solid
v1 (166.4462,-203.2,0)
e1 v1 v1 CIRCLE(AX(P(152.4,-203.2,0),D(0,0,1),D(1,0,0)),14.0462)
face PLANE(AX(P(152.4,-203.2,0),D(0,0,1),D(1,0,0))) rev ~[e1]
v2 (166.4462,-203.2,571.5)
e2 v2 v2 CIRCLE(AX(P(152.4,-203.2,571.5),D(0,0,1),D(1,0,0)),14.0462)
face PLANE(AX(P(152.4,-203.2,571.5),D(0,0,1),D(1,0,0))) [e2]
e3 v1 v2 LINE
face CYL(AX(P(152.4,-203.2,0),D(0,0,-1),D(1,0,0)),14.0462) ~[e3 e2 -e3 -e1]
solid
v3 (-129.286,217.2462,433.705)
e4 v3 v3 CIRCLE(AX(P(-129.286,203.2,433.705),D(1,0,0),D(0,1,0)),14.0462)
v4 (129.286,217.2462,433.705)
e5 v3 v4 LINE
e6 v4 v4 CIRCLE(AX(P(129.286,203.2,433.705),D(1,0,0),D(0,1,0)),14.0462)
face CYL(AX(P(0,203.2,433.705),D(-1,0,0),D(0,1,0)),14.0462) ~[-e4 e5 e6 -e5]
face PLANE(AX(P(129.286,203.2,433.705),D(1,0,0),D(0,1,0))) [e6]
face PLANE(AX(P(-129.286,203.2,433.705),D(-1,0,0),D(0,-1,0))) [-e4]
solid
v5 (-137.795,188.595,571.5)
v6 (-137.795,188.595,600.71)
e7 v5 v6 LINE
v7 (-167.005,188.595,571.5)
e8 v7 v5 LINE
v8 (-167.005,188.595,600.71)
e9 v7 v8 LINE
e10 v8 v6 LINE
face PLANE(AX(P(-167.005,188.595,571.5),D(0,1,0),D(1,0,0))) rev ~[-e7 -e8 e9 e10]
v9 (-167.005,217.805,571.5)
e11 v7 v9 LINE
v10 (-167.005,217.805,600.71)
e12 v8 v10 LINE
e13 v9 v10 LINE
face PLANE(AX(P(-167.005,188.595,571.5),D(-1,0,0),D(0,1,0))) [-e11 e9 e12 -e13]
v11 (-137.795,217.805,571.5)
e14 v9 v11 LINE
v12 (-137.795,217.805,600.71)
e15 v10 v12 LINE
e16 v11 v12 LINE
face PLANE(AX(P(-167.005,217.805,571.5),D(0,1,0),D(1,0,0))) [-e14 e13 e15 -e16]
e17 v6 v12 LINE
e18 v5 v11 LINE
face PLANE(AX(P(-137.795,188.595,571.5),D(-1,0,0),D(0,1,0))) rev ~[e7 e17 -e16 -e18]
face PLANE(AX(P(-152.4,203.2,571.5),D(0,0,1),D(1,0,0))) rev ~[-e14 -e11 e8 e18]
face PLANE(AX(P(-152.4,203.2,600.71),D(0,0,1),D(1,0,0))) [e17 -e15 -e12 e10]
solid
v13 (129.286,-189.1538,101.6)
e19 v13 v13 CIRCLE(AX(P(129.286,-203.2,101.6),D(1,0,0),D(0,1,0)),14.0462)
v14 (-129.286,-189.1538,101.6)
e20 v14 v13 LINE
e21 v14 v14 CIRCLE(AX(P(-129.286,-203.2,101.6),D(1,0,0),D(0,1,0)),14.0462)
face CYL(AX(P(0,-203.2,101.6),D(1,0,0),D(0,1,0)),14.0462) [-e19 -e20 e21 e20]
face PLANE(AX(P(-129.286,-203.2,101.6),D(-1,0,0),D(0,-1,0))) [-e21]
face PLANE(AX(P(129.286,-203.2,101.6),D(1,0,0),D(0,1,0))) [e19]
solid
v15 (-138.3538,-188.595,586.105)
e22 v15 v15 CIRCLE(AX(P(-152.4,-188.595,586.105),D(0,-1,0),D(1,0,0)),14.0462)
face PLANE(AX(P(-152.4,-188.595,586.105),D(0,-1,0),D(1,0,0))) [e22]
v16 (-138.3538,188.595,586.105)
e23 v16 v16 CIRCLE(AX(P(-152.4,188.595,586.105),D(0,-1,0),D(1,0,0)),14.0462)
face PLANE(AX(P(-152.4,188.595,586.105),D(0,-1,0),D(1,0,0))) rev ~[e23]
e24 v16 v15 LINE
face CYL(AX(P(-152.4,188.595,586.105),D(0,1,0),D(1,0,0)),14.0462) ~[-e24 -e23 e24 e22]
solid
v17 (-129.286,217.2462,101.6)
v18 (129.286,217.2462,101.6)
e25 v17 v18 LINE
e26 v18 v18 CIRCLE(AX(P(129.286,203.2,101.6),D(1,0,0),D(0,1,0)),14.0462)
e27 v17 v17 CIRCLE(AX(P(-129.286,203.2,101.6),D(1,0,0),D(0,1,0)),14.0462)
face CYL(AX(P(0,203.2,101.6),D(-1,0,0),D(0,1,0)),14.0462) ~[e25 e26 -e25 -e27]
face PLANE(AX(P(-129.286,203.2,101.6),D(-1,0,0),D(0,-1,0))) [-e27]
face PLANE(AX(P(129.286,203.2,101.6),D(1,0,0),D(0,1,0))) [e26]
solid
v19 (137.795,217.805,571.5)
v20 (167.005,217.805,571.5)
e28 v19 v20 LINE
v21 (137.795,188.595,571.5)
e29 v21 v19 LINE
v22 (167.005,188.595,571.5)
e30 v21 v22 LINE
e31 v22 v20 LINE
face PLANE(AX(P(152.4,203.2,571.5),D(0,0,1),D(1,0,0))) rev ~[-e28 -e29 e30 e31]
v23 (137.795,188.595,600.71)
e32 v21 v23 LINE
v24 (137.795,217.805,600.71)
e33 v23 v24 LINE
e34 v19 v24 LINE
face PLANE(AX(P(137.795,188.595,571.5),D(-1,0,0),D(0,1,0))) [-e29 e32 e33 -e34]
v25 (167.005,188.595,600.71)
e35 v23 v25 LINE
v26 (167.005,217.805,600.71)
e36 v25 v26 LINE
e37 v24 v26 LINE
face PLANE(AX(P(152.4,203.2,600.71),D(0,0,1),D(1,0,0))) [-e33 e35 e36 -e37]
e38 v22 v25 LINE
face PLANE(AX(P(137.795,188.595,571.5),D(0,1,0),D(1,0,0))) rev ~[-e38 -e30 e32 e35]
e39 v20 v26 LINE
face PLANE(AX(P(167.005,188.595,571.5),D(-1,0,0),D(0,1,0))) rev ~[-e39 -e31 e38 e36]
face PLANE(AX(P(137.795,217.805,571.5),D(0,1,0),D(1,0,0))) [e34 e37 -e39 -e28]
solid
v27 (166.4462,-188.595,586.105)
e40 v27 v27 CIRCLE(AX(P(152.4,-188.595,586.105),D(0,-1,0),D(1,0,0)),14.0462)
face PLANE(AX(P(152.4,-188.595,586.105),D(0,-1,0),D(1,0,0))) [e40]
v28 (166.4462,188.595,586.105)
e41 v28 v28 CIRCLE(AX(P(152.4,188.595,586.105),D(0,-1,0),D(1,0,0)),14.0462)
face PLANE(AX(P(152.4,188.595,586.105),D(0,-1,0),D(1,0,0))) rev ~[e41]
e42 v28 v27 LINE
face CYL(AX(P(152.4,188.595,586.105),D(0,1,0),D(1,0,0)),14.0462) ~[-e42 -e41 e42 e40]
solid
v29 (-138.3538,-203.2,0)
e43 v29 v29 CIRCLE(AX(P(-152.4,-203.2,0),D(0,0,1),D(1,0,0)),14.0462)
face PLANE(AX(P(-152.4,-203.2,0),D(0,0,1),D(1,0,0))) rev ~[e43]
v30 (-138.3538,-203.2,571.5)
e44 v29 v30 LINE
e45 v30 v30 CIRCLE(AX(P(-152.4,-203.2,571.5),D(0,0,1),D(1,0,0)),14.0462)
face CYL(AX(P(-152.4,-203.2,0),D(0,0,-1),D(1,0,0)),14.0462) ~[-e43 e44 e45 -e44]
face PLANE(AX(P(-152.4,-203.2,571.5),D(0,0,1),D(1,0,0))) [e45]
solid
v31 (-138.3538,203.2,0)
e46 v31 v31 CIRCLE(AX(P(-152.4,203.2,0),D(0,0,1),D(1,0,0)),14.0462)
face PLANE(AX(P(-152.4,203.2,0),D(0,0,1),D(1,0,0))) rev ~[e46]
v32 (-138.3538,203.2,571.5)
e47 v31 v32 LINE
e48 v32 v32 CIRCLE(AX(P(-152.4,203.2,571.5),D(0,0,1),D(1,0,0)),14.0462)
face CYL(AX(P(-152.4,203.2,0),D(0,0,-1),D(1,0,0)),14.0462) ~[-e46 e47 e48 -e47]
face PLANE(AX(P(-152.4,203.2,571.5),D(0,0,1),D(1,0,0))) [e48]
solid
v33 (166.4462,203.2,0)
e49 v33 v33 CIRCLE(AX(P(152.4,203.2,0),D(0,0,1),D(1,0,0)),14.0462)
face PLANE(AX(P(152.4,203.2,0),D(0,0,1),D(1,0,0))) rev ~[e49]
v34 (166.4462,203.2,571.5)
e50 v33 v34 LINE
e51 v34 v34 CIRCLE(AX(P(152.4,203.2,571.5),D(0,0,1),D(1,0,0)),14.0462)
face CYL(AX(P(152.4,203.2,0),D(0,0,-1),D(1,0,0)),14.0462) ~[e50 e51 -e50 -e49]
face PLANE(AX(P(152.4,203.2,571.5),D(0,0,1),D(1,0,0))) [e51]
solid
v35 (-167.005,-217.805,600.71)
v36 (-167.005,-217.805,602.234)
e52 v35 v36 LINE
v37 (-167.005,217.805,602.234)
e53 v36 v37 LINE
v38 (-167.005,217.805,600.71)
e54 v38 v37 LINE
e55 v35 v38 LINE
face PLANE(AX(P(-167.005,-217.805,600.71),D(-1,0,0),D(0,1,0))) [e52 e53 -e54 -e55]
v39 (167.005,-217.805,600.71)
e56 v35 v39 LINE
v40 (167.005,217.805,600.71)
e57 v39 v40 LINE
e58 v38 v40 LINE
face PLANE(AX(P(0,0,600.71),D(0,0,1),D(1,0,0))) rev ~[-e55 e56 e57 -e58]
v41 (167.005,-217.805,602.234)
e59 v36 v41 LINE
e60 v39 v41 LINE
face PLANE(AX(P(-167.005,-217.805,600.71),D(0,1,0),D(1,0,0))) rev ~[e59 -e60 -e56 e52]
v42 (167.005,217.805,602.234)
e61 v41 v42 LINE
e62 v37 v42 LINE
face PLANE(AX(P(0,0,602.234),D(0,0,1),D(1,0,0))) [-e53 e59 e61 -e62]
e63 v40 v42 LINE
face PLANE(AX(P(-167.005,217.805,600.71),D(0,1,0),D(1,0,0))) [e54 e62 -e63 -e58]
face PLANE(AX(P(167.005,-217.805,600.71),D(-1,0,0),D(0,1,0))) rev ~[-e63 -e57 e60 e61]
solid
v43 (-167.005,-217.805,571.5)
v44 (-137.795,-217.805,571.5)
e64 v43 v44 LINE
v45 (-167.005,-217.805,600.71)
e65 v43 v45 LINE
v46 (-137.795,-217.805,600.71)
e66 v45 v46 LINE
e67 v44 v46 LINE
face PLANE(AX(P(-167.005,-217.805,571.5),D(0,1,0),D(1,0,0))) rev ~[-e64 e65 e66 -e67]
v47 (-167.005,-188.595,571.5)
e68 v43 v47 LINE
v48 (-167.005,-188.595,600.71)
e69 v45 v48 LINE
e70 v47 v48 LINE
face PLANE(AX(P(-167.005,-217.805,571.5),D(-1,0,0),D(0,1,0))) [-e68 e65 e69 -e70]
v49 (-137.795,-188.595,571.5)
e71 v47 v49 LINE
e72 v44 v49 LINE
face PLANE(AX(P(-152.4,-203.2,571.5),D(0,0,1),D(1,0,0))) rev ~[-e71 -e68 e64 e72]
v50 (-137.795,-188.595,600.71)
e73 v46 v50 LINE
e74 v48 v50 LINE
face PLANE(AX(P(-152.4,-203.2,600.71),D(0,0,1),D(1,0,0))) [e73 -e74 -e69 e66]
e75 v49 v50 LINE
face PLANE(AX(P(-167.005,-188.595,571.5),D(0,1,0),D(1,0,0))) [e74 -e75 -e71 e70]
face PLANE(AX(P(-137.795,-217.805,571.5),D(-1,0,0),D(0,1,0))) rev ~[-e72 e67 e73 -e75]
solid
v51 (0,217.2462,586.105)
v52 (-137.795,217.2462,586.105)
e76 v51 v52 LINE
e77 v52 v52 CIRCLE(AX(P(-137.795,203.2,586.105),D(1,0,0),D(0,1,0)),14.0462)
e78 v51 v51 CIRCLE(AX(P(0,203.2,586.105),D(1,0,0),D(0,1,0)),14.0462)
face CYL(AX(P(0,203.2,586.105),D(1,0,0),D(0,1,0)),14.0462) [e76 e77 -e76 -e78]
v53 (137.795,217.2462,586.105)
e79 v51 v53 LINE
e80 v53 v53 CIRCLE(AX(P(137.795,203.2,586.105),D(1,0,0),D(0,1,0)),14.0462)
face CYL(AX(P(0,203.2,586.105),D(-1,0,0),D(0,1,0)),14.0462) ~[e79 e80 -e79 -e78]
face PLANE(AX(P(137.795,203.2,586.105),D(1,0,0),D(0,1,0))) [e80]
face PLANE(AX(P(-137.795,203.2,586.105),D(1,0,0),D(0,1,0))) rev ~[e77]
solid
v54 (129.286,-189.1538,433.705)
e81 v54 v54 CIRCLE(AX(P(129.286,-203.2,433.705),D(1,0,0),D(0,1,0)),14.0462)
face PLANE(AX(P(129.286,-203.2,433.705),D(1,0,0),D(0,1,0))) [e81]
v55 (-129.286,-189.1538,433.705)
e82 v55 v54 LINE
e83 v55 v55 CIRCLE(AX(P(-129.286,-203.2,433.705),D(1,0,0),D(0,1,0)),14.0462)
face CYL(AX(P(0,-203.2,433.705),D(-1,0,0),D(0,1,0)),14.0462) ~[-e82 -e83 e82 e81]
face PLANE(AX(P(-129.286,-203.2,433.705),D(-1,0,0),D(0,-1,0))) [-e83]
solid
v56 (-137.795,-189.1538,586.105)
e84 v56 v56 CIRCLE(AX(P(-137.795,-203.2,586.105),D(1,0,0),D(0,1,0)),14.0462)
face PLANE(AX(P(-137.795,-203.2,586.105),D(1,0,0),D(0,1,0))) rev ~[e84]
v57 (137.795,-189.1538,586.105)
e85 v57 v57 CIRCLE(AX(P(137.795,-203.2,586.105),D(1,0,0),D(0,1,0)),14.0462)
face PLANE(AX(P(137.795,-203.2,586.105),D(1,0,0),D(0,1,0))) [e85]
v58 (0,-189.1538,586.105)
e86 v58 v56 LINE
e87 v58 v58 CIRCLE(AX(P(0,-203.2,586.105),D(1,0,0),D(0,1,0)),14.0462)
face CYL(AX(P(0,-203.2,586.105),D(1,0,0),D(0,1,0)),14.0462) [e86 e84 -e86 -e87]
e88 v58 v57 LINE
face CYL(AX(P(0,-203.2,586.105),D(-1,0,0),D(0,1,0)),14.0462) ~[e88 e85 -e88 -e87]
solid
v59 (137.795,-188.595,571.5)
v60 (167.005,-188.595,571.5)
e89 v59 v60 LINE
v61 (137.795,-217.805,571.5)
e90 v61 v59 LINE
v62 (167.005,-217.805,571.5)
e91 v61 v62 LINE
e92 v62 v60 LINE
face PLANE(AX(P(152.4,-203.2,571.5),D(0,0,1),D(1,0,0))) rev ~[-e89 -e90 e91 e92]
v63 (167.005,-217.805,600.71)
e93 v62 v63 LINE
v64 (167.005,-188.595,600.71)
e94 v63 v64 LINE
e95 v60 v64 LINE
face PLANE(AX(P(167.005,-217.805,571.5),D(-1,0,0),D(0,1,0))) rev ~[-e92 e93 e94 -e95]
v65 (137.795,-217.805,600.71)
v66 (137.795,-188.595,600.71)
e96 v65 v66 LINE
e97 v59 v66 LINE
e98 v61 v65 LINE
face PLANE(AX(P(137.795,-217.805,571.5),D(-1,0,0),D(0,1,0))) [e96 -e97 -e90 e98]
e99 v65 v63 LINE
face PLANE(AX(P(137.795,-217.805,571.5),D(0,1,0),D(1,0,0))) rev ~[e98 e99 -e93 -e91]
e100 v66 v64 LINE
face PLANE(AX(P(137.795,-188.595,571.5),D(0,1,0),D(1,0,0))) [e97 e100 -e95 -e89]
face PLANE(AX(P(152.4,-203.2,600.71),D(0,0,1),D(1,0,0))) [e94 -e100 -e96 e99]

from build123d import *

# Parameters (mm, degrees)
F0_R      = 14.0462
F1_DEPTH  = 571.5
F2_R      = 14.0462
F3_DEPTH  = 137.795
F4_W      = 29.21
F4_H      = 29.21
F5_DEPTH  = 29.21
F6_R      = 14.0462
F7_DEPTH  = 8.509
F8_R      = 14.0462
F9_DEPTH  = 8.509
F10_R     = 14.0462
F11_DEPTH = 377.19
F12_W     = 334.01
F12_H     = 435.61
F13_DEPTH = 1.524


with BuildPart() as f1:
    # F0 (on Top) → F1 (new body)
    with BuildSketch(Plane.XY):
        with Locations((-152.4, 203.2)):
            Circle(F0_R)
        with Locations((152.4, 203.2)):
            Circle(F0_R)
        with Locations((-152.4, -203.2)):
            Circle(F0_R)
        with Locations((152.4, -203.2)):
            Circle(F0_R)
    extrude(amount=F1_DEPTH)


with BuildPart() as f3:
    # F2 (on Right) → F3 (new body, symmetric)
    with BuildSketch(Plane.YZ):
        with Locations((203.2, 101.6)):
            Circle(F2_R)
        with Locations((203.2, 433.705)):
            Circle(F2_R)
        with Locations((203.2, 586.105)):
            Circle(F2_R)
        with Locations((-203.2, 586.105)):
            Circle(F2_R)
        with Locations((-203.2, 433.705)):
            Circle(F2_R)
        with Locations((-203.2, 101.6)):
            Circle(F2_R)
    extrude(amount=F3_DEPTH, both=True)

    # F6 (on face) → F7 (cut)
    with BuildSketch(Plane(origin=(-137.795, 0, 0), x_dir=(0, -1, 0), z_dir=(-1, 0, 0))):
        with Locations((-203.2, 433.705)):
            Circle(F6_R)
        with Locations((203.2, 433.705)):
            Circle(F6_R)
        with Locations((-203.2, 101.6)):
            Circle(F6_R)
        with Locations((203.2, 101.6)):
            Circle(F6_R)
    extrude(amount=-F7_DEPTH, mode=Mode.SUBTRACT)

    # F8 (on face) → F9 (cut)
    with BuildSketch(Plane.YZ.offset(137.795)):
        with Locations((203.2, 101.6)):
            Circle(F8_R)
        with Locations((203.2, 433.705)):
            Circle(F8_R)
        with Locations((-203.2, 433.705)):
            Circle(F8_R)
        with Locations((-203.2, 101.6)):
            Circle(F8_R)
    extrude(amount=-F9_DEPTH, mode=Mode.SUBTRACT)


with BuildPart() as f5:
    # F4 (on face) → F5 (new body)
    with BuildSketch(Plane.XY.offset(571.5)):
        with Locations((152.4, -203.2)):
            Rectangle(F4_W, F4_H)
        with Locations((152.4, 203.2)):
            Rectangle(F4_W, F4_H)
        with Locations((-152.4, 203.2)):
            Rectangle(F4_W, F4_H)
        with Locations((-152.4, -203.2)):
            Rectangle(F4_W, F4_H)
    extrude(amount=F5_DEPTH)


with BuildPart() as f11:
    # F10 (on face) → F11 (new body, through all)
    with BuildSketch(Plane.XZ.offset(-188.595)):
        with Locations((152.4, 586.105)):
            Circle(F10_R)
        with Locations((-152.4, 586.105)):
            Circle(F10_R)
    extrude(amount=F11_DEPTH)


with BuildPart() as f13:
    # F12 (on face) → F13 (new body)
    with BuildSketch(Plane.XY.offset(600.71)):
        Rectangle(F12_W, F12_H)
    extrude(amount=F13_DEPTH)


solid = Compound([f1.part, f3.part, f5.part, f11.part, f13.part])
